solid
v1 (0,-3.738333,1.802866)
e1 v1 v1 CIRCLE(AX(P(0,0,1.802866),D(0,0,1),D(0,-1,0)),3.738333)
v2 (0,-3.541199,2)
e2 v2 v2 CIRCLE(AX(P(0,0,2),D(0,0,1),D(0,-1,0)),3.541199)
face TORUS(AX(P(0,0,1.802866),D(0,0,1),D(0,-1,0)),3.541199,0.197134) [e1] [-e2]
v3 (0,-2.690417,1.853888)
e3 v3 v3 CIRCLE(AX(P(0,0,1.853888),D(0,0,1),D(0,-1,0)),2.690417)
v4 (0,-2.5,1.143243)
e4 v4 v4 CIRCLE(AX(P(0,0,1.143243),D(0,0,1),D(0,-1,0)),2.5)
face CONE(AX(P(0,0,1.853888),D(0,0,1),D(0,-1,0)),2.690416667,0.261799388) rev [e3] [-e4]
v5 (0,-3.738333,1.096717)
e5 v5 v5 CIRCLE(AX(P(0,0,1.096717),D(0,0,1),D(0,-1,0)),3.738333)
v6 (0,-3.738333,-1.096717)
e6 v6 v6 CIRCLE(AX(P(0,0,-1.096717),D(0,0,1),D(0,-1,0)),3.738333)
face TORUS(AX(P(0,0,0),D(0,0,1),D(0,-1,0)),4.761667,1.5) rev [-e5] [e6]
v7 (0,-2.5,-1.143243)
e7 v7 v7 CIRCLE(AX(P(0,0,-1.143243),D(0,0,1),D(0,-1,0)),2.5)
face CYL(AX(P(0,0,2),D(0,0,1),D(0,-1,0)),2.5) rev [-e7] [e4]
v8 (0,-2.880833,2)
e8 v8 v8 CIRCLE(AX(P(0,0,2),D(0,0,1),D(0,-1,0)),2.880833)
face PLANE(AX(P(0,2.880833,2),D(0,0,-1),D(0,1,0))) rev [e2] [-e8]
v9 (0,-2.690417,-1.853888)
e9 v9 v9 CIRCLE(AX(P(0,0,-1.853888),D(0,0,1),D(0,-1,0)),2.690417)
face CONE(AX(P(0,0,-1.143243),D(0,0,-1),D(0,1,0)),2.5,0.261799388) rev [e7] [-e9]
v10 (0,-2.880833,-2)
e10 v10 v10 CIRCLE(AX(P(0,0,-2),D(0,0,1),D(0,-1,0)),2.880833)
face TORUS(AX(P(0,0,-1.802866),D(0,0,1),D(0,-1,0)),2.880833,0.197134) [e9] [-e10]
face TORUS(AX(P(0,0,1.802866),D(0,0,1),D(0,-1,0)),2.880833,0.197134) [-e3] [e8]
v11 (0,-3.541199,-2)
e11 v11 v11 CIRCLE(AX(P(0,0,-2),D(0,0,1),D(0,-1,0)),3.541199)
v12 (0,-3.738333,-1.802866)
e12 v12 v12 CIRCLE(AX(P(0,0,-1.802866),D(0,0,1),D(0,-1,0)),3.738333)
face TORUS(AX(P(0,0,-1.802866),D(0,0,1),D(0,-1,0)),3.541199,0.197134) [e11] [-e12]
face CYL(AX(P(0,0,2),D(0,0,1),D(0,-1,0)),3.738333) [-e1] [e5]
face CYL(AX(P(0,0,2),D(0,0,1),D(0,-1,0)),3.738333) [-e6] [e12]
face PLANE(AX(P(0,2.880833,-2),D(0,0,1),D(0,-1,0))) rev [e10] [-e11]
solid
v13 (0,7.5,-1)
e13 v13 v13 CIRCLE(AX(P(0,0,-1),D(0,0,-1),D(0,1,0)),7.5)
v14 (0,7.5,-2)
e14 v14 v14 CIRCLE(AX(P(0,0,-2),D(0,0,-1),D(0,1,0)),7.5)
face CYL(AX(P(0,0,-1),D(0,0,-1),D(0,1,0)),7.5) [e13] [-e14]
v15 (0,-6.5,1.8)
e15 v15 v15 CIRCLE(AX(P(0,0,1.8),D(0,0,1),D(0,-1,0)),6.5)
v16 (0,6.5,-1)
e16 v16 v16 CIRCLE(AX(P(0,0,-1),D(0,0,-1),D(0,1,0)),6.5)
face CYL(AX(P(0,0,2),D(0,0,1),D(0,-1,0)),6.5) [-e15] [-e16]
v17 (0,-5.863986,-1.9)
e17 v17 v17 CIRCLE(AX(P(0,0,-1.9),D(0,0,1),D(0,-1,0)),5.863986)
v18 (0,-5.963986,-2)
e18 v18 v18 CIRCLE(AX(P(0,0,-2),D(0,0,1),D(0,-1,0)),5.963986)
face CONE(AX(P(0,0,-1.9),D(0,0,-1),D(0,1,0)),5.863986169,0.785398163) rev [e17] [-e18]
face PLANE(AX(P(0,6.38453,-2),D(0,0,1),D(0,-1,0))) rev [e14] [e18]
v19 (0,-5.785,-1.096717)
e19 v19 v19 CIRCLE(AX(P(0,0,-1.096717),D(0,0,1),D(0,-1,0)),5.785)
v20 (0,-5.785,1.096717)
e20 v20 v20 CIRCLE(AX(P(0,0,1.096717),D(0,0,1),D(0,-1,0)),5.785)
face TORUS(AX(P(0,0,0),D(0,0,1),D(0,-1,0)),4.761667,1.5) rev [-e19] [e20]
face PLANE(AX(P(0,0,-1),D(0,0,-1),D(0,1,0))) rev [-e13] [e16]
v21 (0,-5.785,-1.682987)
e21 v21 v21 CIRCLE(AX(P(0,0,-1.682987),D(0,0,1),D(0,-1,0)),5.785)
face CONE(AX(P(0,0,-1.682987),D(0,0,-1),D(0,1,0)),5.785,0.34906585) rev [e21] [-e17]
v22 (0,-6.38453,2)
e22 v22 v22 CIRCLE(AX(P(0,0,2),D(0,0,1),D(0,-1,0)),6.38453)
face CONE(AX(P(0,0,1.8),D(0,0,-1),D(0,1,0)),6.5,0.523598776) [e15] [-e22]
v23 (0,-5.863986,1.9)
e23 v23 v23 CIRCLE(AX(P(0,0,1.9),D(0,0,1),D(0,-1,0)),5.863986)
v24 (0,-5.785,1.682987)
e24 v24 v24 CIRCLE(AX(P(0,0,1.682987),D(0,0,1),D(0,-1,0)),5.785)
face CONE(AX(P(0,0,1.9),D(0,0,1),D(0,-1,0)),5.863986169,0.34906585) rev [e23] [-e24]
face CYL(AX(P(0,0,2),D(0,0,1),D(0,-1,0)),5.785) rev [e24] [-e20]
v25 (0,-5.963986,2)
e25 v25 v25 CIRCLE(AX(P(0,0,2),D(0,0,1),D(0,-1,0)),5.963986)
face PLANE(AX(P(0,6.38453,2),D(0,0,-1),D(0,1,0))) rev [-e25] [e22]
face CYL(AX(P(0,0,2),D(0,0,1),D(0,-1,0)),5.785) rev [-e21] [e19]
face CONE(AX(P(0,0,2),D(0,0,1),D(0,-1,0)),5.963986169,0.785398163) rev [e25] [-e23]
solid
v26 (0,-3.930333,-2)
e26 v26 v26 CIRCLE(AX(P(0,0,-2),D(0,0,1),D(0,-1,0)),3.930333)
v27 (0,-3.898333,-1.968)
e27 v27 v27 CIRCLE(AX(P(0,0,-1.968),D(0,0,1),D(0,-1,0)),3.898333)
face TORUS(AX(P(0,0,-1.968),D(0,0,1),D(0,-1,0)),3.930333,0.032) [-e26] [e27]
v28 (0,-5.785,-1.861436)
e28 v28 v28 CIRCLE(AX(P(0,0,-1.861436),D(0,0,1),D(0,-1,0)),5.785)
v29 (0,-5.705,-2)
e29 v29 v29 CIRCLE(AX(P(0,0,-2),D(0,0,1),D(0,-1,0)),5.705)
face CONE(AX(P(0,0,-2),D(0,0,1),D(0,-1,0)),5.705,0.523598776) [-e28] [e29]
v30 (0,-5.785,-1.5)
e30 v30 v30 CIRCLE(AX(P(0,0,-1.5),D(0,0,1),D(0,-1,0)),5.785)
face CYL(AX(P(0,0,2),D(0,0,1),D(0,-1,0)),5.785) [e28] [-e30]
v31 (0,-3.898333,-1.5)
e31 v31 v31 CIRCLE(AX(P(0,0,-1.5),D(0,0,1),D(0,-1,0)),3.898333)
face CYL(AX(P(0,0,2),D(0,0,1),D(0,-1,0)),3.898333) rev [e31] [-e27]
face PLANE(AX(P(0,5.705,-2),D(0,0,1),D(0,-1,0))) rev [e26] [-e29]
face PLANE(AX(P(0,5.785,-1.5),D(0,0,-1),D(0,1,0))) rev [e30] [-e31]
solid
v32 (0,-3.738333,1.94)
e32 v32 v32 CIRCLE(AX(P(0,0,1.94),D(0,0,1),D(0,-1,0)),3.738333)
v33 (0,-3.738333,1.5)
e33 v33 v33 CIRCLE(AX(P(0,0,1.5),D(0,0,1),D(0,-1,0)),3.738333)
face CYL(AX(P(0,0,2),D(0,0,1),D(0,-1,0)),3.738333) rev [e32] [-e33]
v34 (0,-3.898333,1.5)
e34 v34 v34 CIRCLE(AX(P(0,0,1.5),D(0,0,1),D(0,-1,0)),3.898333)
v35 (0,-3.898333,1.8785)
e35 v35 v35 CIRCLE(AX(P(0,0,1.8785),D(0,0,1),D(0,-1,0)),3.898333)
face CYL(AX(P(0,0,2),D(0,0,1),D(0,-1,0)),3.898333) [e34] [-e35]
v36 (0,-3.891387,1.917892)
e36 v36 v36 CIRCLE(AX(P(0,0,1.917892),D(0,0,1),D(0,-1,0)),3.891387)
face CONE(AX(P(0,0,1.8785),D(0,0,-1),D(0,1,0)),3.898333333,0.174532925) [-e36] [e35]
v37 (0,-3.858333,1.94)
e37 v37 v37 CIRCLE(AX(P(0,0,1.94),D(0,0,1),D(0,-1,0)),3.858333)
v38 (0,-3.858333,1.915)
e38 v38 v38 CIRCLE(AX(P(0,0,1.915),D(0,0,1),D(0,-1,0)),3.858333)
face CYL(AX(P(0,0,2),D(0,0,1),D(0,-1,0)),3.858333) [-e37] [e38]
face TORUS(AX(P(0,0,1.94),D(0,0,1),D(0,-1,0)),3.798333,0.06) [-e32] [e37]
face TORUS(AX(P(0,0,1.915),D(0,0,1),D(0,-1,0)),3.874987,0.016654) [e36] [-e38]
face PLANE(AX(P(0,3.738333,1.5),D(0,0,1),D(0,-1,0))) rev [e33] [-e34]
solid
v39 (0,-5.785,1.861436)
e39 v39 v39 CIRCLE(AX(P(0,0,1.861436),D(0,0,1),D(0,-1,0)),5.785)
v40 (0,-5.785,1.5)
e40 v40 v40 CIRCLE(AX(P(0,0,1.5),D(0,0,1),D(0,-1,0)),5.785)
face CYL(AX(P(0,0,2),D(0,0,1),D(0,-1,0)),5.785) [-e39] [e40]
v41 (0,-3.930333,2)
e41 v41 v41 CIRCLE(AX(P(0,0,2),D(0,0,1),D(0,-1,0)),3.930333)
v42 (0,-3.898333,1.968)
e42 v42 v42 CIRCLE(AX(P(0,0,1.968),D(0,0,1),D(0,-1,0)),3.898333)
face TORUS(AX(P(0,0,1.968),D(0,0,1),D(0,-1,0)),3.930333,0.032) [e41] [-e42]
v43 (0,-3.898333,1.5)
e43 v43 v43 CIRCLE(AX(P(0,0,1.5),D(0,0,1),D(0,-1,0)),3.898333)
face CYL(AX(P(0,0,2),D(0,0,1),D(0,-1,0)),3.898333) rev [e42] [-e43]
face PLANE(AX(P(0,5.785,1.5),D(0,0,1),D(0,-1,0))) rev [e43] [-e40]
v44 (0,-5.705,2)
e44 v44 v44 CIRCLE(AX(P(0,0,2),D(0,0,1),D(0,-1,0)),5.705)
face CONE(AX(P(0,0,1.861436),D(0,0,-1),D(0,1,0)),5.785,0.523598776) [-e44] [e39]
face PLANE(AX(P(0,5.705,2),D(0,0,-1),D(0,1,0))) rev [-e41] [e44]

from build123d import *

# Parameters (mm, degrees)
SKETCH8_R           = 7.5
SKETCH8_R_2         = 6.384529946
BOSS_EXTRUDE1_DEPTH = 1


with BuildPart() as part:
    # Sketch3 → Revolve1 (revolve)
    with BuildSketch(Plane(origin=(0, 0, 0), x_dir=(0, 0, -1), z_dir=(1, 0, 0))):
        with BuildLine():
            Line((-1.682987285, 5.785), (-1.9, 5.863986169))
            Line((-1.9, 5.863986169), (-2, 5.963986169))
            Line((-2, 5.963986169), (-2, 6.384529946))
            Line((-2, 6.384529946), (-1.8, 6.5))
            Line((-1.8, 6.5), (1.8, 6.5))
            Line((1.8, 6.5), (2, 6.384529946))
            Line((2, 6.384529946), (2, 5.963986169))
            Line((2, 5.963986169), (1.9, 5.863986169))
            Line((1.9, 5.863986169), (1.682987285, 5.785))
            Line((1.682987285, 5.785), (1.096717324, 5.785))
            ThreePointArc((1.096717324, 5.785), (0, 6.261666667), (-1.096717324, 5.785))
            Line((-1.096717324, 5.785), (-1.682987285, 5.785))
        make_face()
    revolve(axis=Axis((0, 0, 2), (0, 0, -1)))

    # Sketch8 → Boss-Extrude1 (add)
    with BuildSketch(Plane(origin=(0, 0, -2), x_dir=(-1, 0, 0), z_dir=(0, 0, -1))):
        Circle(SKETCH8_R)
        Circle(SKETCH8_R_2, mode=Mode.SUBTRACT)
    extrude(amount=-BOSS_EXTRUDE1_DEPTH)


with BuildPart() as body_2:
    # Sketch4 → Revolve2 (revolve)
    with BuildSketch(Plane(origin=(0, 0, 0), x_dir=(0, 0, -1), z_dir=(1, 0, 0))):
        with BuildLine():
            Line((-1.143243478, 2.5), (-1.853888153, 2.690416667))
            ThreePointArc((-1.853888153, 2.690416667), (-1.959262951, 2.760825856), (-2, 2.880833333))
            Line((-2, 2.880833333), (-2, 3.541199494))
            ThreePointArc((-2, 3.541199494), (-1.942260835, 3.680594169), (-1.802866161, 3.738333333))
            Line((-1.802866161, 3.738333333), (-1.096717324, 3.738333333))
            ThreePointArc((-1.096717324, 3.738333333), (0, 3.261666667), (1.096717324, 3.738333333))
            Line((1.096717324, 3.738333333), (1.802866161, 3.738333333))
            ThreePointArc((1.802866161, 3.738333333), (1.942260835, 3.680594169), (2, 3.541199494))
            Line((2, 3.541199494), (2, 2.880833333))
            ThreePointArc((2, 2.880833333), (1.959262951, 2.760825856), (1.853888153, 2.690416667))
            Line((1.853888153, 2.690416667), (1.143243478, 2.5))
            Line((1.143243478, 2.5), (-1.143243478, 2.5))
        make_face()
    revolve(axis=Axis((0, 0, 2), (0, 0, -1)))


with BuildPart() as body_3:
    # Sketch6 → Revolve4 (revolve)
    with BuildSketch(Plane(origin=(0, 0, 0), x_dir=(0, 0, -1), z_dir=(1, 0, 0))):
        with BuildLine():
            Line((-1.861435935, 5.785), (-1.5, 5.785))
            Line((-1.5, 5.785), (-1.5, 3.898333333))
            Line((-1.5, 3.898333333), (-1.968, 3.898333333))
            ThreePointArc((-1.968, 3.898333333), (-1.990627417, 3.907705916), (-2, 3.930333333))
            Line((-2, 3.930333333), (-2, 5.705))
            Line((-2, 5.705), (-1.861435935, 5.785))
        make_face()
        with BuildLine():
            Line((1.968, 3.898333333), (1.5, 3.898333333))
            Line((1.5, 3.898333333), (1.5, 5.785))
            Line((1.5, 5.785), (1.861435935, 5.785))
            Line((1.861435935, 5.785), (2, 5.705))
            Line((2, 5.705), (2, 3.930333333))
            ThreePointArc((2, 3.930333333), (1.990627417, 3.907705916), (1.968, 3.898333333))
        make_face()
    revolve(axis=Axis((0, 0, 2), (0, 0, -1)))


with BuildPart() as body_4:
    # Sketch7 → Revolve5 (revolve)
    with BuildSketch(Plane(origin=(0, 0, 0), x_dir=(0, 0, -1), z_dir=(1, 0, 0))):
        with BuildLine():
            Line((-1.5, 3.898333333), (-1.878499547, 3.898333333))
            Line((-1.878499547, 3.898333333), (-1.917891857, 3.891387406))
            ThreePointArc((-1.917891857, 3.891387406), (-1.931590167, 3.873535421), (-1.915, 3.858333333))
            Line((-1.915, 3.858333333), (-1.94, 3.858333333))
            ThreePointArc((-1.94, 3.858333333), (-2, 3.798333333), (-1.94, 3.738333333))
            Line((-1.94, 3.738333333), (-1.5, 3.738333333))
            Line((-1.5, 3.738333333), (-1.5, 3.898333333))
        make_face()
    revolve(axis=Axis((0, 0, 2), (0, 0, -1)))


solid = Compound([part.part, body_2.part, body_3.part, body_4.part])
